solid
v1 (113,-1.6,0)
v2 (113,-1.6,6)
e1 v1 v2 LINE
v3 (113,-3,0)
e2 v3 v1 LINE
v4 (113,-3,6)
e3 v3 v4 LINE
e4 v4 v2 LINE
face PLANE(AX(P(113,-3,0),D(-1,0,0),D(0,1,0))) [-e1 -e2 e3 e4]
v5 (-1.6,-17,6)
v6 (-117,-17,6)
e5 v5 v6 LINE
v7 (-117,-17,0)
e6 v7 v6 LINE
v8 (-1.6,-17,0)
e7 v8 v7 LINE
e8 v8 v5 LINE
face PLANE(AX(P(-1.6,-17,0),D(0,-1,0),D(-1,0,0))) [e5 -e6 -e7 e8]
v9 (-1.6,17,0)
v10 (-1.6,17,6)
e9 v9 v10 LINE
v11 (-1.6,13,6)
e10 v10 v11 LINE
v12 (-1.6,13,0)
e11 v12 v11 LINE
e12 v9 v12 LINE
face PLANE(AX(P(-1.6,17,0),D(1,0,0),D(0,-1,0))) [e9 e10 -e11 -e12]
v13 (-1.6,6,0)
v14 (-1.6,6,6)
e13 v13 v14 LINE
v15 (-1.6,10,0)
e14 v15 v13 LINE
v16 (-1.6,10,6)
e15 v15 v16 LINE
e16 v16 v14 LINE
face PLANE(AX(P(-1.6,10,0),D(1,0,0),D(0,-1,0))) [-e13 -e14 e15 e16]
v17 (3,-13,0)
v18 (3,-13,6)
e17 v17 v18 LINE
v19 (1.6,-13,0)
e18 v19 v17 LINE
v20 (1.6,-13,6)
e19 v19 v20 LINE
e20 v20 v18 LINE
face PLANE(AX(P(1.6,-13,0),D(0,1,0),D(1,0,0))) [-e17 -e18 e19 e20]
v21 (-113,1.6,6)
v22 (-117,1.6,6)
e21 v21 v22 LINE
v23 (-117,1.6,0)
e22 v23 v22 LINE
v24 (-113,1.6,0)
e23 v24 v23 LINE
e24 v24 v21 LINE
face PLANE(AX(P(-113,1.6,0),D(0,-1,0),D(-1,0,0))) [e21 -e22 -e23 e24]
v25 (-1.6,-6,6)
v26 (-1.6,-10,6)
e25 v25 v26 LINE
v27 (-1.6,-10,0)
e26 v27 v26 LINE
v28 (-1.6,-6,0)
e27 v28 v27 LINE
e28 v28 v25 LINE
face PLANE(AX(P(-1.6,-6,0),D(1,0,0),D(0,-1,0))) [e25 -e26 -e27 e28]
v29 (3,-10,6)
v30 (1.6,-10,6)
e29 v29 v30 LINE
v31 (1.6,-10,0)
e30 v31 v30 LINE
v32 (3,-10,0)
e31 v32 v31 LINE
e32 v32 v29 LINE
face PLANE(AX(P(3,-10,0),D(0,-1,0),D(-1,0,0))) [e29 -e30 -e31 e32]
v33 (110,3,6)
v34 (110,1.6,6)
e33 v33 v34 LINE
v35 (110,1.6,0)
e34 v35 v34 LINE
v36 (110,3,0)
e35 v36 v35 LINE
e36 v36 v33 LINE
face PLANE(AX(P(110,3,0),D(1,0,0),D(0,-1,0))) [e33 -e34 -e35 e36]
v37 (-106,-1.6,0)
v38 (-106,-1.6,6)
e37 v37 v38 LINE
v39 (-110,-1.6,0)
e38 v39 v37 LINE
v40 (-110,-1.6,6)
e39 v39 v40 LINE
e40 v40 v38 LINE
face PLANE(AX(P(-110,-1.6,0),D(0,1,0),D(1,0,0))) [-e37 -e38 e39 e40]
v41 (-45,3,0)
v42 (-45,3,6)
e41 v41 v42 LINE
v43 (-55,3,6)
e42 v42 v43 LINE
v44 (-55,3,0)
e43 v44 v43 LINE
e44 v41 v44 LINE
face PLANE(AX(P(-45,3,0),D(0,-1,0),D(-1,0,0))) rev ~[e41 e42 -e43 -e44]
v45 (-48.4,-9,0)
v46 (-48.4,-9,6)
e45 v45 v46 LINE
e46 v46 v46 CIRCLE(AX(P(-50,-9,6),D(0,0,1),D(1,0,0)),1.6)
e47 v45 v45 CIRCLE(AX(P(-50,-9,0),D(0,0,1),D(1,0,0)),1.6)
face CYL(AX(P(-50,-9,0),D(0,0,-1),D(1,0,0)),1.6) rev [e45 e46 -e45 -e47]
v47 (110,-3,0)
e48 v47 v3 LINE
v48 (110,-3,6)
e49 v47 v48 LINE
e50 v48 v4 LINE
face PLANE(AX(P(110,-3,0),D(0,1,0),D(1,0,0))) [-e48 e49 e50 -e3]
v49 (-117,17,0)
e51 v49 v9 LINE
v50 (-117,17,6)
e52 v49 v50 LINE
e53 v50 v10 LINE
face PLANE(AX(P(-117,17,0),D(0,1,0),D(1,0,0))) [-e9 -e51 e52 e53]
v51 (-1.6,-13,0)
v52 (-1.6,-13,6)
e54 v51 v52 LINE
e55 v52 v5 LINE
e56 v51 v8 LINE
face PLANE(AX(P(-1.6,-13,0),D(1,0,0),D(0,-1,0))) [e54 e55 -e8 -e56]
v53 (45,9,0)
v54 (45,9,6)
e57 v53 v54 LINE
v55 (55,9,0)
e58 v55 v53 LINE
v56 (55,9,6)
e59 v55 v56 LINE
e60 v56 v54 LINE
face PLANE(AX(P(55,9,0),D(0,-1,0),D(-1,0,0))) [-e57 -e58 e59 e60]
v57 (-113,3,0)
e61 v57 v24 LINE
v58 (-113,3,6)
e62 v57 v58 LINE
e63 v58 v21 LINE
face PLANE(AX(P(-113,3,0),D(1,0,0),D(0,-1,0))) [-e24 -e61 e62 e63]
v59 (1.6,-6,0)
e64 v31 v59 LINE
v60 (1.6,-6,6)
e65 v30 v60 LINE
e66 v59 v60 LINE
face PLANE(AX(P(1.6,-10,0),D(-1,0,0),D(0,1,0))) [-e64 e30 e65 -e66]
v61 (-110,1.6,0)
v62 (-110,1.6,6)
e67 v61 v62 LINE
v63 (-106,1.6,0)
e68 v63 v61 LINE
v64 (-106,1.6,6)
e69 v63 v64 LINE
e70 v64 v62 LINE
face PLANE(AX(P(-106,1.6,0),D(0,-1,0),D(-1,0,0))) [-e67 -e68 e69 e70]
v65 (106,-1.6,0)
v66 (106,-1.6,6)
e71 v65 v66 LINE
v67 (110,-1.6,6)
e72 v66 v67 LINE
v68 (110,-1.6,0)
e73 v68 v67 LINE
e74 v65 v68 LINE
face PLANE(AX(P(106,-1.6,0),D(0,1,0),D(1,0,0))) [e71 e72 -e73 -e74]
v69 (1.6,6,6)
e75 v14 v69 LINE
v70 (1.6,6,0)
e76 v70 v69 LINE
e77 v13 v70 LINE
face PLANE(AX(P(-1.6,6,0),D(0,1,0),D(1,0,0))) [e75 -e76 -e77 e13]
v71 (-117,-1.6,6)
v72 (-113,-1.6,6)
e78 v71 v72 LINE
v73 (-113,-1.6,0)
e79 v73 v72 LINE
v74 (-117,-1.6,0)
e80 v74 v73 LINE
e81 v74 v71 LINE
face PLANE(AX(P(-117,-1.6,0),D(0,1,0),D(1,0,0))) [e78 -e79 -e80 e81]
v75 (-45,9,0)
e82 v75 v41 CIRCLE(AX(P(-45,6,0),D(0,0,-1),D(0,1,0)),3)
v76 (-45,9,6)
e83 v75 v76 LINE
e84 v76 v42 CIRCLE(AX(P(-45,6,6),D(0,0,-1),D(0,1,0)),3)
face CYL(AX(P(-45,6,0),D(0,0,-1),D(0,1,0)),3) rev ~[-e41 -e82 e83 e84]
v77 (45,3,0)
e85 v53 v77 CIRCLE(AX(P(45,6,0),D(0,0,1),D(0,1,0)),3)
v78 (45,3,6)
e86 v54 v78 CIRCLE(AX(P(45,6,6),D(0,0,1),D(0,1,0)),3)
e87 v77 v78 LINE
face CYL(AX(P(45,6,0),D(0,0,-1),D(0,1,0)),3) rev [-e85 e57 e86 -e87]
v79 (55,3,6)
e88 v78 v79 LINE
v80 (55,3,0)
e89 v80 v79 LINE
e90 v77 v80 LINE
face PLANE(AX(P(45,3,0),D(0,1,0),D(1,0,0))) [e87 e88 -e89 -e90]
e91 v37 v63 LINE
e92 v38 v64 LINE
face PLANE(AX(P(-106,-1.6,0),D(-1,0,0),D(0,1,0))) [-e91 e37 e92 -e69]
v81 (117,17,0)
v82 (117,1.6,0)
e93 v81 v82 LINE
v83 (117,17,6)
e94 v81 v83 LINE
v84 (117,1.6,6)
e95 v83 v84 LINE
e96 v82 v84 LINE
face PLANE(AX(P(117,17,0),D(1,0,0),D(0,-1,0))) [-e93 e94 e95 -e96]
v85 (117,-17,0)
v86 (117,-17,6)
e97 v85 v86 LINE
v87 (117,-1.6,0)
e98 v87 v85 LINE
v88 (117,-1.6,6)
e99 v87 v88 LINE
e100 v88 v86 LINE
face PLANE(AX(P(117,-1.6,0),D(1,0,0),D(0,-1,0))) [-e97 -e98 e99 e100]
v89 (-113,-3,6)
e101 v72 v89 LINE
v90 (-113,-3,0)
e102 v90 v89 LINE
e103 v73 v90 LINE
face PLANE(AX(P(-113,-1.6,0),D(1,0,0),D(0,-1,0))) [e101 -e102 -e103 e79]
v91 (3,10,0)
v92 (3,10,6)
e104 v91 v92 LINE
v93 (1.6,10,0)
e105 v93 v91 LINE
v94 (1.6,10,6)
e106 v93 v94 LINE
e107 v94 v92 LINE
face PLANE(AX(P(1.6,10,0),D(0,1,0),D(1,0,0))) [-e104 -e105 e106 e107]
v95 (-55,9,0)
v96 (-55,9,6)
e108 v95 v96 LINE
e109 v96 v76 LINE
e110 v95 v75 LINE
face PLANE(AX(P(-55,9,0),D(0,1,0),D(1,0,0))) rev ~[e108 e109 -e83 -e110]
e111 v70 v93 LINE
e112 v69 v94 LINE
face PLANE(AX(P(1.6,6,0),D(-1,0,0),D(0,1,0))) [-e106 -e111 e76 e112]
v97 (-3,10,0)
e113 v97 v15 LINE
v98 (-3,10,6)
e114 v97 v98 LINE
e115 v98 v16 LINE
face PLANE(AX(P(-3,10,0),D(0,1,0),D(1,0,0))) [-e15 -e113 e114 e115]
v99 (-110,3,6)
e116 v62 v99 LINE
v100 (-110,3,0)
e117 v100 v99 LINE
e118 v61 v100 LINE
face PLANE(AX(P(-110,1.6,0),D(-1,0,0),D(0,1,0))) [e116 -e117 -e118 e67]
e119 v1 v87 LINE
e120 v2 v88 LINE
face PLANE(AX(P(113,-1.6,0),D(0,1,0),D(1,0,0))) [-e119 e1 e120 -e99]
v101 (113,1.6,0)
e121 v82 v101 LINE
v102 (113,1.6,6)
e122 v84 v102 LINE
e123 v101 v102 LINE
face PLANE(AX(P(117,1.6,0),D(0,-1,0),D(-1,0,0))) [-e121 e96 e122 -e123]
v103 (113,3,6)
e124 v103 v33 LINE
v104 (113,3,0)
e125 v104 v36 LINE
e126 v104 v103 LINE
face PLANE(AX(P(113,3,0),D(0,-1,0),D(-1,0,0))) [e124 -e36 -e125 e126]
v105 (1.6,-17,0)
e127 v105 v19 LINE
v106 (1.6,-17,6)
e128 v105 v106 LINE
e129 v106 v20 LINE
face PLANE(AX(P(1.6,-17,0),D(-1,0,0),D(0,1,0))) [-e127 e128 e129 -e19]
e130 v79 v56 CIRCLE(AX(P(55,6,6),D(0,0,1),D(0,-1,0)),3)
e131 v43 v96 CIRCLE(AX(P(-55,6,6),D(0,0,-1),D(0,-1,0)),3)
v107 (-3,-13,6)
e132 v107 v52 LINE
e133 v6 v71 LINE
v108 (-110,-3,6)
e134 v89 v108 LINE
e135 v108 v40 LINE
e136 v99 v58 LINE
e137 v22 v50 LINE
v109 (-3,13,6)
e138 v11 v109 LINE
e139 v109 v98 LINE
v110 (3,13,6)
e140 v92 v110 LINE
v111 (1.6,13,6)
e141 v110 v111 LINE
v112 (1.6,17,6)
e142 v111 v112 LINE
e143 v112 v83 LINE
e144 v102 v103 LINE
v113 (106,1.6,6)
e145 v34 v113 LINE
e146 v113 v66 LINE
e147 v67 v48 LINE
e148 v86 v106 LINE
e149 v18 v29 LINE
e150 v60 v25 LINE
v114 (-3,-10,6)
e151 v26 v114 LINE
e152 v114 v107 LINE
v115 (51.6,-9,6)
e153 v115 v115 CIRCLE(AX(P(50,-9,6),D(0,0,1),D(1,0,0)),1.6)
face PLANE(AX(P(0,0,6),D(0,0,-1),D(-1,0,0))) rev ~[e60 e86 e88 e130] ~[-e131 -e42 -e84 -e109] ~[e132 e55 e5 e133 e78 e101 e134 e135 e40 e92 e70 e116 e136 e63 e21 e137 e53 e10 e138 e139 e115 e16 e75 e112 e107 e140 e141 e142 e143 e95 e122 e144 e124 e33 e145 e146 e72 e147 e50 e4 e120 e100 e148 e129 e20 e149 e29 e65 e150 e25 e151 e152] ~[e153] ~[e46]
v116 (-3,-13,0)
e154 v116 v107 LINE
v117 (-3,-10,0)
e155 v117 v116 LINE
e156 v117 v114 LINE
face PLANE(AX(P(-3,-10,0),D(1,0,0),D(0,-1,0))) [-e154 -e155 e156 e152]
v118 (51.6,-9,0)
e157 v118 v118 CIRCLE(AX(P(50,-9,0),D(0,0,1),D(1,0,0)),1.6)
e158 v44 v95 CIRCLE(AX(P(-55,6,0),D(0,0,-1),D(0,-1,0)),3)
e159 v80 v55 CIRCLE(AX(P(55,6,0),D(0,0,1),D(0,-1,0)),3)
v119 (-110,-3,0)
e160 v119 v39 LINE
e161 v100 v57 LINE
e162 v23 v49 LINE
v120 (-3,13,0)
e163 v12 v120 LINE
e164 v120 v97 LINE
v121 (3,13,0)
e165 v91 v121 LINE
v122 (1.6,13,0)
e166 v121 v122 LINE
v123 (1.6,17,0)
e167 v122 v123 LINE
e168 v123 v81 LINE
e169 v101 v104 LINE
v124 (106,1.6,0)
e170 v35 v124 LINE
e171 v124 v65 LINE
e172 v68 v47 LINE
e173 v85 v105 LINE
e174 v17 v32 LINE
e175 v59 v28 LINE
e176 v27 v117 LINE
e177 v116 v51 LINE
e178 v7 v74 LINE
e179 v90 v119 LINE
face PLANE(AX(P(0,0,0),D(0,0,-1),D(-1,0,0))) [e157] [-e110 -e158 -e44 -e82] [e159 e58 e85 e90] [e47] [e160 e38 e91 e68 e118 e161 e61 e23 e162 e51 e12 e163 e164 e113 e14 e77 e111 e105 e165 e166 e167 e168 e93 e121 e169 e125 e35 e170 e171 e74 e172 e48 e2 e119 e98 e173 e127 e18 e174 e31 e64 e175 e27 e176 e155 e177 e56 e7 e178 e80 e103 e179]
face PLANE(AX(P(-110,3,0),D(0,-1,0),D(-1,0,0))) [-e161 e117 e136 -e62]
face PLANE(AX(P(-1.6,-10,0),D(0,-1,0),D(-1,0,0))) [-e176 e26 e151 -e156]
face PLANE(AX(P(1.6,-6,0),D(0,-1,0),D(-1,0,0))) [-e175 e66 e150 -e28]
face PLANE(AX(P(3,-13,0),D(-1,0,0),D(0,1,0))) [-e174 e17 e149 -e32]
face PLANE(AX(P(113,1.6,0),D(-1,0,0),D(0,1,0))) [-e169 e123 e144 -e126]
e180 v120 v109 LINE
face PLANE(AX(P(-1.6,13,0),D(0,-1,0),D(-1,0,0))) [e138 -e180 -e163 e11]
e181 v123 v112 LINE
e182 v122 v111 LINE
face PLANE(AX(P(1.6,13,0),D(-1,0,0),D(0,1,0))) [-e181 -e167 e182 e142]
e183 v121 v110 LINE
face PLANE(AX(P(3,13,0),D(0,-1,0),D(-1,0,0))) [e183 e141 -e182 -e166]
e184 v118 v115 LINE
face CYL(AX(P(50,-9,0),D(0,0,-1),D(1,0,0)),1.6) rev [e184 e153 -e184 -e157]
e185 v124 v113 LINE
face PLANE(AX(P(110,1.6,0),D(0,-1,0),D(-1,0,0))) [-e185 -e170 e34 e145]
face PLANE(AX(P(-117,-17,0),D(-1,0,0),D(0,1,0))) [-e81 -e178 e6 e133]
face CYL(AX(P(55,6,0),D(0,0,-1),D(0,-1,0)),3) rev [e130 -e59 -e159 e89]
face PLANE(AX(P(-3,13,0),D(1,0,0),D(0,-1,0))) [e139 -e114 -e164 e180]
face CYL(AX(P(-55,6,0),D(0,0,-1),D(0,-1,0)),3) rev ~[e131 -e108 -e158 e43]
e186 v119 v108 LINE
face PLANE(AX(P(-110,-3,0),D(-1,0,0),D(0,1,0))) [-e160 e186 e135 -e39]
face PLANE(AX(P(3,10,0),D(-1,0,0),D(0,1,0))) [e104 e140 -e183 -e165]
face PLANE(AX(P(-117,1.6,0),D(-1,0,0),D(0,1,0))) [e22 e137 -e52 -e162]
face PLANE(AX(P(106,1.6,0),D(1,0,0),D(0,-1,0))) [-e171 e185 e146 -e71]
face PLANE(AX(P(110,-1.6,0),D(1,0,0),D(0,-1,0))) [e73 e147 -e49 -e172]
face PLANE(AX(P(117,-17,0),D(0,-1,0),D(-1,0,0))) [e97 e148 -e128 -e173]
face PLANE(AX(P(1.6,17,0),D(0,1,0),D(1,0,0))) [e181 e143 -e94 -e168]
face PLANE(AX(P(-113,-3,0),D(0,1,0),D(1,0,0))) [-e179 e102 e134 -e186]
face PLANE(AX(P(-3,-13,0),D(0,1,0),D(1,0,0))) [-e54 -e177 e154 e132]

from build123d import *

# Parameters (mm, degrees)
ESBO_O1_R                = 1.6
RESSALTO_EXTRUS_O1_DEPTH = 6


with BuildPart() as part:
    # Esboço1 → Ressalto-extrusão1 (new body)
    with BuildSketch(Plane.XY):
        Polygon((117, 17), (117, 1.6), (113, 1.6), (113, 3), (110, 3), (110, 1.6), (106, 1.6), (106, -1.6), (110, -1.6), (110, -3), (113, -3), (113, -1.6), (117, -1.6), (117, -17), (1.6, -17), (1.6, -13), (3, -13), (3, -10), (1.6, -10), (1.6, -6), (-1.6, -6), (-1.6, -10), (-3, -10), (-3, -13), (-1.6, -13), (-1.6, -17), (-117, -17), (-117, -1.6), (-113, -1.6), (-113, -3), (-110, -3), (-110, -1.6), (-106, -1.6), (-106, 1.6), (-110, 1.6), (-110, 3), (-113, 3), (-113, 1.6), (-117, 1.6), (-117, 17), (-1.6, 17), (-1.6, 13), (-3, 13), (-3, 10), (-1.6, 10), (-1.6, 6), (1.6, 6), (1.6, 10), (3, 10), (3, 13), (1.6, 13), (1.6, 17), align=None)
        with Locations((-50, -9)):
            Circle(ESBO_O1_R, mode=Mode.SUBTRACT)
        with Locations((50, -9)):
            Circle(ESBO_O1_R, mode=Mode.SUBTRACT)
        with BuildLine():
            Line((-55, 9), (-45, 9))
            ThreePointArc((-45, 9), (-42, 6), (-45, 3))
            Line((-45, 3), (-55, 3))
            ThreePointArc((-55, 3), (-58, 6), (-55, 9))
        make_face(mode=Mode.SUBTRACT)
        with BuildLine():
            Line((55, 9), (45, 9))
            ThreePointArc((45, 9), (42, 6), (45, 3))
            Line((45, 3), (55, 3))
            ThreePointArc((55, 3), (58, 6), (55, 9))
        make_face(mode=Mode.SUBTRACT)
    extrude(amount=RESSALTO_EXTRUS_O1_DEPTH)


solid = part.part
